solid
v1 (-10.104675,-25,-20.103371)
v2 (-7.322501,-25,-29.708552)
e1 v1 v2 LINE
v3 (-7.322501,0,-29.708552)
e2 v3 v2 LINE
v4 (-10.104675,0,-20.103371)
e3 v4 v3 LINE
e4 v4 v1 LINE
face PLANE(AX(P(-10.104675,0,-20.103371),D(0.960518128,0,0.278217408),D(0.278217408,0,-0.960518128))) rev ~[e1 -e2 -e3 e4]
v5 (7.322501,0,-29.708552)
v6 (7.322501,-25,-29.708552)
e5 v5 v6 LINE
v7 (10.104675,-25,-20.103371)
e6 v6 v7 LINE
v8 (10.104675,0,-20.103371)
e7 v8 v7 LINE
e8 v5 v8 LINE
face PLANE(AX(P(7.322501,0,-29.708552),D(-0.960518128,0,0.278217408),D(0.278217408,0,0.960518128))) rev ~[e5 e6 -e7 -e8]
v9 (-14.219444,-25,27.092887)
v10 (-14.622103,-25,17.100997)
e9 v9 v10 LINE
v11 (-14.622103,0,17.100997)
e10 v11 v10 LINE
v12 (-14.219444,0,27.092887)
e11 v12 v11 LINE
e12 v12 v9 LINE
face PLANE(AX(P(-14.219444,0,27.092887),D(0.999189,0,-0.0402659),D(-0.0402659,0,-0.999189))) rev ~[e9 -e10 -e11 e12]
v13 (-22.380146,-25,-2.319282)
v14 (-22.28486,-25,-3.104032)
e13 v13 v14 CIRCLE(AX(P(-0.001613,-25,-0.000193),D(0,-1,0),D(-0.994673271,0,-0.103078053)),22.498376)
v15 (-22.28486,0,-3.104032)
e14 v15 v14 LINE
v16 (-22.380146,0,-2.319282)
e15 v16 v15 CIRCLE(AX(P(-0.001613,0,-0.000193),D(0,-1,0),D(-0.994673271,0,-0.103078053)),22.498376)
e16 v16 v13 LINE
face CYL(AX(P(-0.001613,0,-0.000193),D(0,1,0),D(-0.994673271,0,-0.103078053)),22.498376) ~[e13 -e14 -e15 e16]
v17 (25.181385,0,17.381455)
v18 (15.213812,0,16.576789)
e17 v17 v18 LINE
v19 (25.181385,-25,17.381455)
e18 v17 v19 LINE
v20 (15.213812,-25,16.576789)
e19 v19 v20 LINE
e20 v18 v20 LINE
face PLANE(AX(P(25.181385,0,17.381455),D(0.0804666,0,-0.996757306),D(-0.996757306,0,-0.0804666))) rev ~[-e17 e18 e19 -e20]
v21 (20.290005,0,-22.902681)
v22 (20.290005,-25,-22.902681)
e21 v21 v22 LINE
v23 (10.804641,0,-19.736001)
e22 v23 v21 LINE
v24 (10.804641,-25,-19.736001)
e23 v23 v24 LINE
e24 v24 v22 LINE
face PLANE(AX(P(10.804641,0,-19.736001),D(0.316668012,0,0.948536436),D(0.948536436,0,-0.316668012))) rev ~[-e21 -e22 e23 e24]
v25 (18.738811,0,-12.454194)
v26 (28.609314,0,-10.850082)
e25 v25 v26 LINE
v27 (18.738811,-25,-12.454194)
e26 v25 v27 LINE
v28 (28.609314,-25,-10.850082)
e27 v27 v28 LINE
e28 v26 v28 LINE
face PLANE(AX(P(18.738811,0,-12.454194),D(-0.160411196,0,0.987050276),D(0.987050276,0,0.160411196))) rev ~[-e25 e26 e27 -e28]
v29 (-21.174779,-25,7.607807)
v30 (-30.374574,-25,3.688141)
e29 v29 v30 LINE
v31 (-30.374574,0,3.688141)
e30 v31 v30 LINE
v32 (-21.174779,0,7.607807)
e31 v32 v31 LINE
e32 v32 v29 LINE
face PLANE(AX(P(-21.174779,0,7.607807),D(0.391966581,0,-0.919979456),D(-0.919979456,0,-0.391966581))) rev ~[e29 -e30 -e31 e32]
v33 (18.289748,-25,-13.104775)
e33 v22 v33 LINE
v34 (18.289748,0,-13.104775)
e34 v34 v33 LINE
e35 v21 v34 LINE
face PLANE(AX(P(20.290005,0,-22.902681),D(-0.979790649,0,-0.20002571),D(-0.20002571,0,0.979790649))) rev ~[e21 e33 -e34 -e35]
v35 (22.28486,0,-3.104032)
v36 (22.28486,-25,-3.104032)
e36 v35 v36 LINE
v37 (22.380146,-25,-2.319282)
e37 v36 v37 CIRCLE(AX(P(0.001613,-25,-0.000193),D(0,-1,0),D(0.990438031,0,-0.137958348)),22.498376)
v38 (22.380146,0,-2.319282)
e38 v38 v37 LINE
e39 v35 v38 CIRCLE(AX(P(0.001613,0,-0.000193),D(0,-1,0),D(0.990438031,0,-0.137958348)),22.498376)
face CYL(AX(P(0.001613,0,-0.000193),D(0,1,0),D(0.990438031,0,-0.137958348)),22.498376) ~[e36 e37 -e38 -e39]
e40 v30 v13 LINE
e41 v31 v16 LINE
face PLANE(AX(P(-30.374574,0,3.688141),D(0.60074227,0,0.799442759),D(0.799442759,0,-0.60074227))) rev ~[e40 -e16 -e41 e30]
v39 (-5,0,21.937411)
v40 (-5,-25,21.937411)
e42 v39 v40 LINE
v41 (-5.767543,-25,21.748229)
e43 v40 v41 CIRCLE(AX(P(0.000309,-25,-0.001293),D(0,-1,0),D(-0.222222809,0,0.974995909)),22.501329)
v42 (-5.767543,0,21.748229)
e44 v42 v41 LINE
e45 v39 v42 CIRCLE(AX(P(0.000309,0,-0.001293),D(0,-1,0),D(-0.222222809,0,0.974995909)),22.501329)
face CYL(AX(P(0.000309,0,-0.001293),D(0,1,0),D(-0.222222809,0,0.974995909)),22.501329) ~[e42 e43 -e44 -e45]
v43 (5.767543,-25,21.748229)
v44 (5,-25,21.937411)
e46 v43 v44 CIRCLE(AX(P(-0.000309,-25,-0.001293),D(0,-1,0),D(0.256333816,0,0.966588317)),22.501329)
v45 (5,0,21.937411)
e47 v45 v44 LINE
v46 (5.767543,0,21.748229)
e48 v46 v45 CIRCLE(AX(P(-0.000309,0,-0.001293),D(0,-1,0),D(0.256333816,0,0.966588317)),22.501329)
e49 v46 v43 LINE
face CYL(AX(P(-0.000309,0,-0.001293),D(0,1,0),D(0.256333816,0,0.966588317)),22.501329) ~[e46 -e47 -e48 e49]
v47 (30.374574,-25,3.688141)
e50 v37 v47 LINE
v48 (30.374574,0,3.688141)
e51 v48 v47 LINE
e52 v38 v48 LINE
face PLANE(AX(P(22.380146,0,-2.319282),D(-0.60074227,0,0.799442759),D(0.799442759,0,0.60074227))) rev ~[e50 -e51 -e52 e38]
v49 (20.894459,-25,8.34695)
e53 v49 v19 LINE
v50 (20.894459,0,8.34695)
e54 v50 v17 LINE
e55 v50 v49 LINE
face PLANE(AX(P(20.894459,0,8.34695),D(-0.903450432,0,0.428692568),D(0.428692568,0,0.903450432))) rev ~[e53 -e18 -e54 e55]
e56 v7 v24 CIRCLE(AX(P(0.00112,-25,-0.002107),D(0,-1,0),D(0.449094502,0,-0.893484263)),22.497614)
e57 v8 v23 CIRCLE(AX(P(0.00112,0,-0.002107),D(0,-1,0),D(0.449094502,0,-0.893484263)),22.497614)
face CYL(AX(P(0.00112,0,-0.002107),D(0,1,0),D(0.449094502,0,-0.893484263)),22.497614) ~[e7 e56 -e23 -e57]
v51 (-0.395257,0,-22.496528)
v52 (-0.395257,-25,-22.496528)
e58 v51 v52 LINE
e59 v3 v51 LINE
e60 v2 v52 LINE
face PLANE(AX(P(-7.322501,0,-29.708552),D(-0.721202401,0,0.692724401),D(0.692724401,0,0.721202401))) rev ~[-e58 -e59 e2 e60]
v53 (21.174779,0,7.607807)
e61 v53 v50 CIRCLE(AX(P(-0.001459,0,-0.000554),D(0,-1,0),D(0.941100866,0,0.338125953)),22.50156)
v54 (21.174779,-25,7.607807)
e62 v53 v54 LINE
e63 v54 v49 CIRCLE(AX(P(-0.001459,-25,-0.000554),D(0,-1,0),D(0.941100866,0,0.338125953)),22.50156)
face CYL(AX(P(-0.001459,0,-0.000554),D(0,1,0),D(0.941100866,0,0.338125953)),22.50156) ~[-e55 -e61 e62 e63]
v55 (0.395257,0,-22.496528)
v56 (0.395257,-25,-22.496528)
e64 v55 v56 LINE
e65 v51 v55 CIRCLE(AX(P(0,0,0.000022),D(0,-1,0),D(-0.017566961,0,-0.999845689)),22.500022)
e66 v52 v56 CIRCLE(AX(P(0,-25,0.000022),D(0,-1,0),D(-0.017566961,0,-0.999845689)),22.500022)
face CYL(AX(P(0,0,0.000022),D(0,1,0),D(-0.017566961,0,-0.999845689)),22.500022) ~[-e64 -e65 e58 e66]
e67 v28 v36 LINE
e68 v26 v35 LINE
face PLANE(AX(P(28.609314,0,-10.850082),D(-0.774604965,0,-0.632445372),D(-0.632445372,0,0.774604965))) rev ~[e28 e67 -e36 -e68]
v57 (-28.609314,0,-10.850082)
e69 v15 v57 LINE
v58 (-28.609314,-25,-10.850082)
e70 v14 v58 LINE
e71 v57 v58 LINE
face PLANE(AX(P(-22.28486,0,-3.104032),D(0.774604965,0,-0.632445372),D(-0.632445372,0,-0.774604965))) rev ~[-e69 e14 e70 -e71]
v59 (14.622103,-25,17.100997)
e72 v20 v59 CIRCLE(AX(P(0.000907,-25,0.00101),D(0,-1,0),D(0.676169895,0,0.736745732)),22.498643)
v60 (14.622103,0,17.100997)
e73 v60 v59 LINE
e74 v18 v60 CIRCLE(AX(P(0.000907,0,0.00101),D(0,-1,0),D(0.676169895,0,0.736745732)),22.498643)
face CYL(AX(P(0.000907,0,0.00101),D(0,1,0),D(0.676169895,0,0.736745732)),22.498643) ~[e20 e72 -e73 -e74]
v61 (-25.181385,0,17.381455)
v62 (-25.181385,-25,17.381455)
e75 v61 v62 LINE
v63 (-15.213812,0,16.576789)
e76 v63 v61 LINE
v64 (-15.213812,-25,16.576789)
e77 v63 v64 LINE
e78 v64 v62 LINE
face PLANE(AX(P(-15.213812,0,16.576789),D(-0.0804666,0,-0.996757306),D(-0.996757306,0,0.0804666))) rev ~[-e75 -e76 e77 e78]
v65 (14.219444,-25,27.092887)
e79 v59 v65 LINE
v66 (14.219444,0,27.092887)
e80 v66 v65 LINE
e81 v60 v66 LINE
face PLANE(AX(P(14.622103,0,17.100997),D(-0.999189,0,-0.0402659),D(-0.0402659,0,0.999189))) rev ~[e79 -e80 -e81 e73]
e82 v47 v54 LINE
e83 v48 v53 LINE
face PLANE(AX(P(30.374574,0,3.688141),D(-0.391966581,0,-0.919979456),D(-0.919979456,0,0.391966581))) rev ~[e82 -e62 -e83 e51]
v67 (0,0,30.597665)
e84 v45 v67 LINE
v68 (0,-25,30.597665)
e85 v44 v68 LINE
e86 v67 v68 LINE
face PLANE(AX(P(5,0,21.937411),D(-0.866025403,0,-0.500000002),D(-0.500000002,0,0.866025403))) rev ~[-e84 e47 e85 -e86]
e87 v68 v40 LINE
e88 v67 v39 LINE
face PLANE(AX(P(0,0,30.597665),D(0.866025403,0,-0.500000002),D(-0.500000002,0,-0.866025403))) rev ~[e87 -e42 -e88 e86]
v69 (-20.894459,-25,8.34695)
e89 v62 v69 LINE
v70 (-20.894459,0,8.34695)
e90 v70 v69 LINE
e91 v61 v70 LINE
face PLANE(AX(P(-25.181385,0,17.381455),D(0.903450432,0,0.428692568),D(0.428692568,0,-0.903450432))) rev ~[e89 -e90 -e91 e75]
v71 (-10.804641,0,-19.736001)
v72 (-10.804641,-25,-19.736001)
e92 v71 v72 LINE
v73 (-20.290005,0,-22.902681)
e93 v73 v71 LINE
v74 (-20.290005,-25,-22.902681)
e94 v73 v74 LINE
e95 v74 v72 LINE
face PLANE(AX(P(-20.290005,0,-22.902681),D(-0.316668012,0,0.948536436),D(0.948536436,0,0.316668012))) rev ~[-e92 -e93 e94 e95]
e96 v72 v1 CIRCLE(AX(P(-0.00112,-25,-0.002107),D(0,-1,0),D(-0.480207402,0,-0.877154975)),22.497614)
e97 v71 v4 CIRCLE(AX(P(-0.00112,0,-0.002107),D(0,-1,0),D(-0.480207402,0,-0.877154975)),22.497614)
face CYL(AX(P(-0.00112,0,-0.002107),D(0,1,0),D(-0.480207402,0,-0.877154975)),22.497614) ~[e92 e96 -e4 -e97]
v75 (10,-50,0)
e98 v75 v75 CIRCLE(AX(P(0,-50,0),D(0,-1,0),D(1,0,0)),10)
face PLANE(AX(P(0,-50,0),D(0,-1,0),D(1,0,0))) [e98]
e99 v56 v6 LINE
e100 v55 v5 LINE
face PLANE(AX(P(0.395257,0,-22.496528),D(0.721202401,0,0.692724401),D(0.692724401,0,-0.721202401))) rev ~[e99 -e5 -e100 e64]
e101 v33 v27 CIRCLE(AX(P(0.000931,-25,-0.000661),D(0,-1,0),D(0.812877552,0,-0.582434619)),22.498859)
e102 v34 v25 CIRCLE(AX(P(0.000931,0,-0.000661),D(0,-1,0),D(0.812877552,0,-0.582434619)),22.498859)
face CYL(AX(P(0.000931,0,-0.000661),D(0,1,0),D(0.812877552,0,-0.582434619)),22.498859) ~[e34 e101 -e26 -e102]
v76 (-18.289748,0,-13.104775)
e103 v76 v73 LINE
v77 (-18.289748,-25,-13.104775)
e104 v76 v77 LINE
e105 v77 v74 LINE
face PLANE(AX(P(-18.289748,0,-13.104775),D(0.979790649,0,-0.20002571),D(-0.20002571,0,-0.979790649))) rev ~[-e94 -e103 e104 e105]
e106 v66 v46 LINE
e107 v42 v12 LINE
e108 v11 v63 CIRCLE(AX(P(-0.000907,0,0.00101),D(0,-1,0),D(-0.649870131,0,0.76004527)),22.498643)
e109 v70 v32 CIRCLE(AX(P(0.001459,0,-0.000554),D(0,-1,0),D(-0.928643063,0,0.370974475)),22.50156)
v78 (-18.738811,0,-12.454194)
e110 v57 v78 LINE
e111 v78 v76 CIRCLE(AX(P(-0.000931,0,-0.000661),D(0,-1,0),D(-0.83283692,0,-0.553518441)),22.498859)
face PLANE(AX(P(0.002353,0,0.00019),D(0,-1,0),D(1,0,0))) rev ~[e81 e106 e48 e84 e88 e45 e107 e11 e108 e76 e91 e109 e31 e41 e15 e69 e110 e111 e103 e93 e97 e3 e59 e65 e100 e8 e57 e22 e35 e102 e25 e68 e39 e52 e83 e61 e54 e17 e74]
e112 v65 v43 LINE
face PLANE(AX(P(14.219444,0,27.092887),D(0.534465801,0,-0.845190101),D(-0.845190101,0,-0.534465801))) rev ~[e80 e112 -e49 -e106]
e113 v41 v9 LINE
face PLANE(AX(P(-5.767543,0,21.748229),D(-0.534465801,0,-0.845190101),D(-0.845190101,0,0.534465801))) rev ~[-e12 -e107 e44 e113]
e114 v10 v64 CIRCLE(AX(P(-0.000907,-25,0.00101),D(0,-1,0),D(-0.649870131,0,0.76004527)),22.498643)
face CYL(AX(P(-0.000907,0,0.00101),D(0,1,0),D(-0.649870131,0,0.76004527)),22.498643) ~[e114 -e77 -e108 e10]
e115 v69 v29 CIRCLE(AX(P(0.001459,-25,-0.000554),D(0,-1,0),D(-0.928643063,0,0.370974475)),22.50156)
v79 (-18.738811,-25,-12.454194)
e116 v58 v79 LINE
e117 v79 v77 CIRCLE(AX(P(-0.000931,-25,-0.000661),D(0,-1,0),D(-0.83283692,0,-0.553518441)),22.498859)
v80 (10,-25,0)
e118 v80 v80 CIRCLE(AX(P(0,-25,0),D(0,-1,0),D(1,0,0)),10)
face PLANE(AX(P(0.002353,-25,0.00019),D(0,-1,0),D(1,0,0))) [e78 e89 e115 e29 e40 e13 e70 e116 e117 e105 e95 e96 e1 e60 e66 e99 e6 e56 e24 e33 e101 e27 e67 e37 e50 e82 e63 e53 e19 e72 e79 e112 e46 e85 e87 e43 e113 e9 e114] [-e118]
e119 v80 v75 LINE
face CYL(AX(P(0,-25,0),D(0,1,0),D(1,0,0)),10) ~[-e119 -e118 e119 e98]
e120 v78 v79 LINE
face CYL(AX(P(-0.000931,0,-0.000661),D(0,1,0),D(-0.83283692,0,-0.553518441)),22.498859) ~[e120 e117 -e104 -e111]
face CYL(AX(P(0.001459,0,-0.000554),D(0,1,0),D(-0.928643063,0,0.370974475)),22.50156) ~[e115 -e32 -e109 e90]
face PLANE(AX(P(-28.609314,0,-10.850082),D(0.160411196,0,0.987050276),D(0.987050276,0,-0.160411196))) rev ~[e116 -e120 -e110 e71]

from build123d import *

# Parameters (mm, degrees)
F1_DEPTH = 25
F2_R     = 10
F3_DEPTH = 25


with BuildPart() as f1:
    # F0 (on Front) → F1 (new body)
    with BuildSketch(Plane.XZ):
        with BuildLine():
            ThreePointArc((22.380146, -2.319282), (22.470017, -1.161188), (22.5, 0))
            ThreePointArc((22.5, 0), (22.166219, 3.861183), (21.174779, 7.607807))
            ThreePointArc((21.174779, 7.607807), (21.037865, 7.97861), (20.894459, 8.34695))
            ThreePointArc((20.894459, 8.34695), (18.517137, 12.781457), (15.213812, 16.576789))
            ThreePointArc((15.213812, 16.576789), (14.92026, 16.841492), (14.622103, 17.100997))
            ThreePointArc((14.622103, 17.100997), (10.456271, 19.922761), (5.767543, 21.748229))
            ThreePointArc((5.767543, 21.748229), (5.384602, 21.846191), (5, 21.937411))
            ThreePointArc((5, 21.937411), (0, 22.5), (-5, 21.937411))
            ThreePointArc((-5, 21.937411), (-5.384602, 21.846191), (-5.767543, 21.748229))
            ThreePointArc((-5.767543, 21.748229), (-10.456271, 19.922761), (-14.622103, 17.100997))
            ThreePointArc((-14.622103, 17.100997), (-14.92026, 16.841492), (-15.213812, 16.576789))
            ThreePointArc((-15.213812, 16.576789), (-18.517137, 12.781457), (-20.894459, 8.34695))
            ThreePointArc((-20.894459, 8.34695), (-21.037865, 7.97861), (-21.174779, 7.607807))
            ThreePointArc((-21.174779, 7.607807), (-22.33595, 2.712075), (-22.380146, -2.319282))
            ThreePointArc((-22.380146, -2.319282), (-22.33595, -2.712075), (-22.28486, -3.104032))
            ThreePointArc((-22.28486, -3.104032), (-21.037865, -7.97861), (-18.738811, -12.454194))
            ThreePointArc((-18.738811, -12.454194), (-18.517137, -12.781457), (-18.289748, -13.104775))
            ThreePointArc((-18.289748, -13.104775), (-14.92026, -16.841492), (-10.804641, -19.736001))
            ThreePointArc((-10.804641, -19.736001), (-10.456271, -19.922761), (-10.104675, -20.103371))
            ThreePointArc((-10.104675, -20.103371), (-5.384602, -21.846191), (-0.395257, -22.496528))
            ThreePointArc((-0.395257, -22.496528), (0, -22.5), (0.395257, -22.496528))
            ThreePointArc((0.395257, -22.496528), (5.384602, -21.846191), (10.104675, -20.103371))
            ThreePointArc((10.104675, -20.103371), (10.456271, -19.922761), (10.804641, -19.736001))
            ThreePointArc((10.804641, -19.736001), (14.92026, -16.841492), (18.289748, -13.104775))
            ThreePointArc((18.289748, -13.104775), (18.517137, -12.781457), (18.738811, -12.454194))
            ThreePointArc((18.738811, -12.454194), (21.037865, -7.97861), (22.28486, -3.104032))
            ThreePointArc((22.28486, -3.104032), (22.33595, -2.712075), (22.380146, -2.319282))
        make_face()
        with BuildLine():
            ThreePointArc((21.174779, 7.607807), (22.166219, 3.861183), (22.5, 0))
            ThreePointArc((22.5, 0), (22.470017, -1.161188), (22.380146, -2.319282))
            Line((22.380146, -2.319282), (30.374574, 3.688141))
            Line((30.374574, 3.688141), (21.174779, 7.607807))
        make_face()
        with BuildLine():
            ThreePointArc((15.213812, 16.576789), (18.517137, 12.781457), (20.894459, 8.34695))
            Line((20.894459, 8.34695), (25.181385, 17.381455))
            Line((25.181385, 17.381455), (15.213812, 16.576789))
        make_face()
        with BuildLine():
            Line((28.609314, -10.850082), (22.28486, -3.104032))
            ThreePointArc((22.28486, -3.104032), (21.037865, -7.97861), (18.738811, -12.454194))
            Line((18.738811, -12.454194), (28.609314, -10.850082))
        make_face()
        with BuildLine():
            ThreePointArc((5.767543, 21.748229), (10.456271, 19.922761), (14.622103, 17.100997))
            Line((14.622103, 17.100997), (14.219444, 27.092887))
            Line((14.219444, 27.092887), (5.767543, 21.748229))
        make_face()
        with BuildLine():
            Line((20.290005, -22.902681), (18.289748, -13.104775))
            ThreePointArc((18.289748, -13.104775), (14.92026, -16.841492), (10.804641, -19.736001))
            Line((10.804641, -19.736001), (20.290005, -22.902681))
        make_face()
        with BuildLine():
            ThreePointArc((-5, 21.937411), (0, 22.5), (5, 21.937411))
            Line((5, 21.937411), (0, 30.597665))
            Line((0, 30.597665), (-5, 21.937411))
        make_face()
        with BuildLine():
            Line((7.322501, -29.708552), (10.104675, -20.103371))
            ThreePointArc((10.104675, -20.103371), (5.384602, -21.846191), (0.395257, -22.496528))
            Line((0.395257, -22.496528), (7.322501, -29.708552))
        make_face()
        with BuildLine():
            ThreePointArc((-14.622103, 17.100997), (-10.456271, 19.922761), (-5.767543, 21.748229))
            Line((-5.767543, 21.748229), (-14.219444, 27.092887))
            Line((-14.219444, 27.092887), (-14.622103, 17.100997))
        make_face()
        with BuildLine():
            Line((-7.322501, -29.708552), (-0.395257, -22.496528))
            ThreePointArc((-0.395257, -22.496528), (-5.384602, -21.846191), (-10.104675, -20.103371))
            Line((-10.104675, -20.103371), (-7.322501, -29.708552))
        make_face()
        with BuildLine():
            ThreePointArc((-20.894459, 8.34695), (-18.517137, 12.781457), (-15.213812, 16.576789))
            Line((-15.213812, 16.576789), (-25.181385, 17.381455))
            Line((-25.181385, 17.381455), (-20.894459, 8.34695))
        make_face()
        with BuildLine():
            Line((-20.290005, -22.902681), (-10.804641, -19.736001))
            ThreePointArc((-10.804641, -19.736001), (-14.92026, -16.841492), (-18.289748, -13.104775))
            Line((-18.289748, -13.104775), (-20.290005, -22.902681))
        make_face()
        with BuildLine():
            ThreePointArc((-22.380146, -2.319282), (-22.33595, 2.712075), (-21.174779, 7.607807))
            Line((-21.174779, 7.607807), (-30.374574, 3.688141))
            Line((-30.374574, 3.688141), (-22.380146, -2.319282))
        make_face()
        with BuildLine():
            Line((-28.609314, -10.850082), (-18.738811, -12.454194))
            ThreePointArc((-18.738811, -12.454194), (-21.037865, -7.97861), (-22.28486, -3.104032))
            Line((-22.28486, -3.104032), (-28.609314, -10.850082))
        make_face()
    extrude(amount=F1_DEPTH)

    # F2 (on face) → F3 (join)
    with BuildSketch(Plane.XZ.offset(25)):
        Circle(F2_R)
    extrude(amount=F3_DEPTH)


solid = f1.part
